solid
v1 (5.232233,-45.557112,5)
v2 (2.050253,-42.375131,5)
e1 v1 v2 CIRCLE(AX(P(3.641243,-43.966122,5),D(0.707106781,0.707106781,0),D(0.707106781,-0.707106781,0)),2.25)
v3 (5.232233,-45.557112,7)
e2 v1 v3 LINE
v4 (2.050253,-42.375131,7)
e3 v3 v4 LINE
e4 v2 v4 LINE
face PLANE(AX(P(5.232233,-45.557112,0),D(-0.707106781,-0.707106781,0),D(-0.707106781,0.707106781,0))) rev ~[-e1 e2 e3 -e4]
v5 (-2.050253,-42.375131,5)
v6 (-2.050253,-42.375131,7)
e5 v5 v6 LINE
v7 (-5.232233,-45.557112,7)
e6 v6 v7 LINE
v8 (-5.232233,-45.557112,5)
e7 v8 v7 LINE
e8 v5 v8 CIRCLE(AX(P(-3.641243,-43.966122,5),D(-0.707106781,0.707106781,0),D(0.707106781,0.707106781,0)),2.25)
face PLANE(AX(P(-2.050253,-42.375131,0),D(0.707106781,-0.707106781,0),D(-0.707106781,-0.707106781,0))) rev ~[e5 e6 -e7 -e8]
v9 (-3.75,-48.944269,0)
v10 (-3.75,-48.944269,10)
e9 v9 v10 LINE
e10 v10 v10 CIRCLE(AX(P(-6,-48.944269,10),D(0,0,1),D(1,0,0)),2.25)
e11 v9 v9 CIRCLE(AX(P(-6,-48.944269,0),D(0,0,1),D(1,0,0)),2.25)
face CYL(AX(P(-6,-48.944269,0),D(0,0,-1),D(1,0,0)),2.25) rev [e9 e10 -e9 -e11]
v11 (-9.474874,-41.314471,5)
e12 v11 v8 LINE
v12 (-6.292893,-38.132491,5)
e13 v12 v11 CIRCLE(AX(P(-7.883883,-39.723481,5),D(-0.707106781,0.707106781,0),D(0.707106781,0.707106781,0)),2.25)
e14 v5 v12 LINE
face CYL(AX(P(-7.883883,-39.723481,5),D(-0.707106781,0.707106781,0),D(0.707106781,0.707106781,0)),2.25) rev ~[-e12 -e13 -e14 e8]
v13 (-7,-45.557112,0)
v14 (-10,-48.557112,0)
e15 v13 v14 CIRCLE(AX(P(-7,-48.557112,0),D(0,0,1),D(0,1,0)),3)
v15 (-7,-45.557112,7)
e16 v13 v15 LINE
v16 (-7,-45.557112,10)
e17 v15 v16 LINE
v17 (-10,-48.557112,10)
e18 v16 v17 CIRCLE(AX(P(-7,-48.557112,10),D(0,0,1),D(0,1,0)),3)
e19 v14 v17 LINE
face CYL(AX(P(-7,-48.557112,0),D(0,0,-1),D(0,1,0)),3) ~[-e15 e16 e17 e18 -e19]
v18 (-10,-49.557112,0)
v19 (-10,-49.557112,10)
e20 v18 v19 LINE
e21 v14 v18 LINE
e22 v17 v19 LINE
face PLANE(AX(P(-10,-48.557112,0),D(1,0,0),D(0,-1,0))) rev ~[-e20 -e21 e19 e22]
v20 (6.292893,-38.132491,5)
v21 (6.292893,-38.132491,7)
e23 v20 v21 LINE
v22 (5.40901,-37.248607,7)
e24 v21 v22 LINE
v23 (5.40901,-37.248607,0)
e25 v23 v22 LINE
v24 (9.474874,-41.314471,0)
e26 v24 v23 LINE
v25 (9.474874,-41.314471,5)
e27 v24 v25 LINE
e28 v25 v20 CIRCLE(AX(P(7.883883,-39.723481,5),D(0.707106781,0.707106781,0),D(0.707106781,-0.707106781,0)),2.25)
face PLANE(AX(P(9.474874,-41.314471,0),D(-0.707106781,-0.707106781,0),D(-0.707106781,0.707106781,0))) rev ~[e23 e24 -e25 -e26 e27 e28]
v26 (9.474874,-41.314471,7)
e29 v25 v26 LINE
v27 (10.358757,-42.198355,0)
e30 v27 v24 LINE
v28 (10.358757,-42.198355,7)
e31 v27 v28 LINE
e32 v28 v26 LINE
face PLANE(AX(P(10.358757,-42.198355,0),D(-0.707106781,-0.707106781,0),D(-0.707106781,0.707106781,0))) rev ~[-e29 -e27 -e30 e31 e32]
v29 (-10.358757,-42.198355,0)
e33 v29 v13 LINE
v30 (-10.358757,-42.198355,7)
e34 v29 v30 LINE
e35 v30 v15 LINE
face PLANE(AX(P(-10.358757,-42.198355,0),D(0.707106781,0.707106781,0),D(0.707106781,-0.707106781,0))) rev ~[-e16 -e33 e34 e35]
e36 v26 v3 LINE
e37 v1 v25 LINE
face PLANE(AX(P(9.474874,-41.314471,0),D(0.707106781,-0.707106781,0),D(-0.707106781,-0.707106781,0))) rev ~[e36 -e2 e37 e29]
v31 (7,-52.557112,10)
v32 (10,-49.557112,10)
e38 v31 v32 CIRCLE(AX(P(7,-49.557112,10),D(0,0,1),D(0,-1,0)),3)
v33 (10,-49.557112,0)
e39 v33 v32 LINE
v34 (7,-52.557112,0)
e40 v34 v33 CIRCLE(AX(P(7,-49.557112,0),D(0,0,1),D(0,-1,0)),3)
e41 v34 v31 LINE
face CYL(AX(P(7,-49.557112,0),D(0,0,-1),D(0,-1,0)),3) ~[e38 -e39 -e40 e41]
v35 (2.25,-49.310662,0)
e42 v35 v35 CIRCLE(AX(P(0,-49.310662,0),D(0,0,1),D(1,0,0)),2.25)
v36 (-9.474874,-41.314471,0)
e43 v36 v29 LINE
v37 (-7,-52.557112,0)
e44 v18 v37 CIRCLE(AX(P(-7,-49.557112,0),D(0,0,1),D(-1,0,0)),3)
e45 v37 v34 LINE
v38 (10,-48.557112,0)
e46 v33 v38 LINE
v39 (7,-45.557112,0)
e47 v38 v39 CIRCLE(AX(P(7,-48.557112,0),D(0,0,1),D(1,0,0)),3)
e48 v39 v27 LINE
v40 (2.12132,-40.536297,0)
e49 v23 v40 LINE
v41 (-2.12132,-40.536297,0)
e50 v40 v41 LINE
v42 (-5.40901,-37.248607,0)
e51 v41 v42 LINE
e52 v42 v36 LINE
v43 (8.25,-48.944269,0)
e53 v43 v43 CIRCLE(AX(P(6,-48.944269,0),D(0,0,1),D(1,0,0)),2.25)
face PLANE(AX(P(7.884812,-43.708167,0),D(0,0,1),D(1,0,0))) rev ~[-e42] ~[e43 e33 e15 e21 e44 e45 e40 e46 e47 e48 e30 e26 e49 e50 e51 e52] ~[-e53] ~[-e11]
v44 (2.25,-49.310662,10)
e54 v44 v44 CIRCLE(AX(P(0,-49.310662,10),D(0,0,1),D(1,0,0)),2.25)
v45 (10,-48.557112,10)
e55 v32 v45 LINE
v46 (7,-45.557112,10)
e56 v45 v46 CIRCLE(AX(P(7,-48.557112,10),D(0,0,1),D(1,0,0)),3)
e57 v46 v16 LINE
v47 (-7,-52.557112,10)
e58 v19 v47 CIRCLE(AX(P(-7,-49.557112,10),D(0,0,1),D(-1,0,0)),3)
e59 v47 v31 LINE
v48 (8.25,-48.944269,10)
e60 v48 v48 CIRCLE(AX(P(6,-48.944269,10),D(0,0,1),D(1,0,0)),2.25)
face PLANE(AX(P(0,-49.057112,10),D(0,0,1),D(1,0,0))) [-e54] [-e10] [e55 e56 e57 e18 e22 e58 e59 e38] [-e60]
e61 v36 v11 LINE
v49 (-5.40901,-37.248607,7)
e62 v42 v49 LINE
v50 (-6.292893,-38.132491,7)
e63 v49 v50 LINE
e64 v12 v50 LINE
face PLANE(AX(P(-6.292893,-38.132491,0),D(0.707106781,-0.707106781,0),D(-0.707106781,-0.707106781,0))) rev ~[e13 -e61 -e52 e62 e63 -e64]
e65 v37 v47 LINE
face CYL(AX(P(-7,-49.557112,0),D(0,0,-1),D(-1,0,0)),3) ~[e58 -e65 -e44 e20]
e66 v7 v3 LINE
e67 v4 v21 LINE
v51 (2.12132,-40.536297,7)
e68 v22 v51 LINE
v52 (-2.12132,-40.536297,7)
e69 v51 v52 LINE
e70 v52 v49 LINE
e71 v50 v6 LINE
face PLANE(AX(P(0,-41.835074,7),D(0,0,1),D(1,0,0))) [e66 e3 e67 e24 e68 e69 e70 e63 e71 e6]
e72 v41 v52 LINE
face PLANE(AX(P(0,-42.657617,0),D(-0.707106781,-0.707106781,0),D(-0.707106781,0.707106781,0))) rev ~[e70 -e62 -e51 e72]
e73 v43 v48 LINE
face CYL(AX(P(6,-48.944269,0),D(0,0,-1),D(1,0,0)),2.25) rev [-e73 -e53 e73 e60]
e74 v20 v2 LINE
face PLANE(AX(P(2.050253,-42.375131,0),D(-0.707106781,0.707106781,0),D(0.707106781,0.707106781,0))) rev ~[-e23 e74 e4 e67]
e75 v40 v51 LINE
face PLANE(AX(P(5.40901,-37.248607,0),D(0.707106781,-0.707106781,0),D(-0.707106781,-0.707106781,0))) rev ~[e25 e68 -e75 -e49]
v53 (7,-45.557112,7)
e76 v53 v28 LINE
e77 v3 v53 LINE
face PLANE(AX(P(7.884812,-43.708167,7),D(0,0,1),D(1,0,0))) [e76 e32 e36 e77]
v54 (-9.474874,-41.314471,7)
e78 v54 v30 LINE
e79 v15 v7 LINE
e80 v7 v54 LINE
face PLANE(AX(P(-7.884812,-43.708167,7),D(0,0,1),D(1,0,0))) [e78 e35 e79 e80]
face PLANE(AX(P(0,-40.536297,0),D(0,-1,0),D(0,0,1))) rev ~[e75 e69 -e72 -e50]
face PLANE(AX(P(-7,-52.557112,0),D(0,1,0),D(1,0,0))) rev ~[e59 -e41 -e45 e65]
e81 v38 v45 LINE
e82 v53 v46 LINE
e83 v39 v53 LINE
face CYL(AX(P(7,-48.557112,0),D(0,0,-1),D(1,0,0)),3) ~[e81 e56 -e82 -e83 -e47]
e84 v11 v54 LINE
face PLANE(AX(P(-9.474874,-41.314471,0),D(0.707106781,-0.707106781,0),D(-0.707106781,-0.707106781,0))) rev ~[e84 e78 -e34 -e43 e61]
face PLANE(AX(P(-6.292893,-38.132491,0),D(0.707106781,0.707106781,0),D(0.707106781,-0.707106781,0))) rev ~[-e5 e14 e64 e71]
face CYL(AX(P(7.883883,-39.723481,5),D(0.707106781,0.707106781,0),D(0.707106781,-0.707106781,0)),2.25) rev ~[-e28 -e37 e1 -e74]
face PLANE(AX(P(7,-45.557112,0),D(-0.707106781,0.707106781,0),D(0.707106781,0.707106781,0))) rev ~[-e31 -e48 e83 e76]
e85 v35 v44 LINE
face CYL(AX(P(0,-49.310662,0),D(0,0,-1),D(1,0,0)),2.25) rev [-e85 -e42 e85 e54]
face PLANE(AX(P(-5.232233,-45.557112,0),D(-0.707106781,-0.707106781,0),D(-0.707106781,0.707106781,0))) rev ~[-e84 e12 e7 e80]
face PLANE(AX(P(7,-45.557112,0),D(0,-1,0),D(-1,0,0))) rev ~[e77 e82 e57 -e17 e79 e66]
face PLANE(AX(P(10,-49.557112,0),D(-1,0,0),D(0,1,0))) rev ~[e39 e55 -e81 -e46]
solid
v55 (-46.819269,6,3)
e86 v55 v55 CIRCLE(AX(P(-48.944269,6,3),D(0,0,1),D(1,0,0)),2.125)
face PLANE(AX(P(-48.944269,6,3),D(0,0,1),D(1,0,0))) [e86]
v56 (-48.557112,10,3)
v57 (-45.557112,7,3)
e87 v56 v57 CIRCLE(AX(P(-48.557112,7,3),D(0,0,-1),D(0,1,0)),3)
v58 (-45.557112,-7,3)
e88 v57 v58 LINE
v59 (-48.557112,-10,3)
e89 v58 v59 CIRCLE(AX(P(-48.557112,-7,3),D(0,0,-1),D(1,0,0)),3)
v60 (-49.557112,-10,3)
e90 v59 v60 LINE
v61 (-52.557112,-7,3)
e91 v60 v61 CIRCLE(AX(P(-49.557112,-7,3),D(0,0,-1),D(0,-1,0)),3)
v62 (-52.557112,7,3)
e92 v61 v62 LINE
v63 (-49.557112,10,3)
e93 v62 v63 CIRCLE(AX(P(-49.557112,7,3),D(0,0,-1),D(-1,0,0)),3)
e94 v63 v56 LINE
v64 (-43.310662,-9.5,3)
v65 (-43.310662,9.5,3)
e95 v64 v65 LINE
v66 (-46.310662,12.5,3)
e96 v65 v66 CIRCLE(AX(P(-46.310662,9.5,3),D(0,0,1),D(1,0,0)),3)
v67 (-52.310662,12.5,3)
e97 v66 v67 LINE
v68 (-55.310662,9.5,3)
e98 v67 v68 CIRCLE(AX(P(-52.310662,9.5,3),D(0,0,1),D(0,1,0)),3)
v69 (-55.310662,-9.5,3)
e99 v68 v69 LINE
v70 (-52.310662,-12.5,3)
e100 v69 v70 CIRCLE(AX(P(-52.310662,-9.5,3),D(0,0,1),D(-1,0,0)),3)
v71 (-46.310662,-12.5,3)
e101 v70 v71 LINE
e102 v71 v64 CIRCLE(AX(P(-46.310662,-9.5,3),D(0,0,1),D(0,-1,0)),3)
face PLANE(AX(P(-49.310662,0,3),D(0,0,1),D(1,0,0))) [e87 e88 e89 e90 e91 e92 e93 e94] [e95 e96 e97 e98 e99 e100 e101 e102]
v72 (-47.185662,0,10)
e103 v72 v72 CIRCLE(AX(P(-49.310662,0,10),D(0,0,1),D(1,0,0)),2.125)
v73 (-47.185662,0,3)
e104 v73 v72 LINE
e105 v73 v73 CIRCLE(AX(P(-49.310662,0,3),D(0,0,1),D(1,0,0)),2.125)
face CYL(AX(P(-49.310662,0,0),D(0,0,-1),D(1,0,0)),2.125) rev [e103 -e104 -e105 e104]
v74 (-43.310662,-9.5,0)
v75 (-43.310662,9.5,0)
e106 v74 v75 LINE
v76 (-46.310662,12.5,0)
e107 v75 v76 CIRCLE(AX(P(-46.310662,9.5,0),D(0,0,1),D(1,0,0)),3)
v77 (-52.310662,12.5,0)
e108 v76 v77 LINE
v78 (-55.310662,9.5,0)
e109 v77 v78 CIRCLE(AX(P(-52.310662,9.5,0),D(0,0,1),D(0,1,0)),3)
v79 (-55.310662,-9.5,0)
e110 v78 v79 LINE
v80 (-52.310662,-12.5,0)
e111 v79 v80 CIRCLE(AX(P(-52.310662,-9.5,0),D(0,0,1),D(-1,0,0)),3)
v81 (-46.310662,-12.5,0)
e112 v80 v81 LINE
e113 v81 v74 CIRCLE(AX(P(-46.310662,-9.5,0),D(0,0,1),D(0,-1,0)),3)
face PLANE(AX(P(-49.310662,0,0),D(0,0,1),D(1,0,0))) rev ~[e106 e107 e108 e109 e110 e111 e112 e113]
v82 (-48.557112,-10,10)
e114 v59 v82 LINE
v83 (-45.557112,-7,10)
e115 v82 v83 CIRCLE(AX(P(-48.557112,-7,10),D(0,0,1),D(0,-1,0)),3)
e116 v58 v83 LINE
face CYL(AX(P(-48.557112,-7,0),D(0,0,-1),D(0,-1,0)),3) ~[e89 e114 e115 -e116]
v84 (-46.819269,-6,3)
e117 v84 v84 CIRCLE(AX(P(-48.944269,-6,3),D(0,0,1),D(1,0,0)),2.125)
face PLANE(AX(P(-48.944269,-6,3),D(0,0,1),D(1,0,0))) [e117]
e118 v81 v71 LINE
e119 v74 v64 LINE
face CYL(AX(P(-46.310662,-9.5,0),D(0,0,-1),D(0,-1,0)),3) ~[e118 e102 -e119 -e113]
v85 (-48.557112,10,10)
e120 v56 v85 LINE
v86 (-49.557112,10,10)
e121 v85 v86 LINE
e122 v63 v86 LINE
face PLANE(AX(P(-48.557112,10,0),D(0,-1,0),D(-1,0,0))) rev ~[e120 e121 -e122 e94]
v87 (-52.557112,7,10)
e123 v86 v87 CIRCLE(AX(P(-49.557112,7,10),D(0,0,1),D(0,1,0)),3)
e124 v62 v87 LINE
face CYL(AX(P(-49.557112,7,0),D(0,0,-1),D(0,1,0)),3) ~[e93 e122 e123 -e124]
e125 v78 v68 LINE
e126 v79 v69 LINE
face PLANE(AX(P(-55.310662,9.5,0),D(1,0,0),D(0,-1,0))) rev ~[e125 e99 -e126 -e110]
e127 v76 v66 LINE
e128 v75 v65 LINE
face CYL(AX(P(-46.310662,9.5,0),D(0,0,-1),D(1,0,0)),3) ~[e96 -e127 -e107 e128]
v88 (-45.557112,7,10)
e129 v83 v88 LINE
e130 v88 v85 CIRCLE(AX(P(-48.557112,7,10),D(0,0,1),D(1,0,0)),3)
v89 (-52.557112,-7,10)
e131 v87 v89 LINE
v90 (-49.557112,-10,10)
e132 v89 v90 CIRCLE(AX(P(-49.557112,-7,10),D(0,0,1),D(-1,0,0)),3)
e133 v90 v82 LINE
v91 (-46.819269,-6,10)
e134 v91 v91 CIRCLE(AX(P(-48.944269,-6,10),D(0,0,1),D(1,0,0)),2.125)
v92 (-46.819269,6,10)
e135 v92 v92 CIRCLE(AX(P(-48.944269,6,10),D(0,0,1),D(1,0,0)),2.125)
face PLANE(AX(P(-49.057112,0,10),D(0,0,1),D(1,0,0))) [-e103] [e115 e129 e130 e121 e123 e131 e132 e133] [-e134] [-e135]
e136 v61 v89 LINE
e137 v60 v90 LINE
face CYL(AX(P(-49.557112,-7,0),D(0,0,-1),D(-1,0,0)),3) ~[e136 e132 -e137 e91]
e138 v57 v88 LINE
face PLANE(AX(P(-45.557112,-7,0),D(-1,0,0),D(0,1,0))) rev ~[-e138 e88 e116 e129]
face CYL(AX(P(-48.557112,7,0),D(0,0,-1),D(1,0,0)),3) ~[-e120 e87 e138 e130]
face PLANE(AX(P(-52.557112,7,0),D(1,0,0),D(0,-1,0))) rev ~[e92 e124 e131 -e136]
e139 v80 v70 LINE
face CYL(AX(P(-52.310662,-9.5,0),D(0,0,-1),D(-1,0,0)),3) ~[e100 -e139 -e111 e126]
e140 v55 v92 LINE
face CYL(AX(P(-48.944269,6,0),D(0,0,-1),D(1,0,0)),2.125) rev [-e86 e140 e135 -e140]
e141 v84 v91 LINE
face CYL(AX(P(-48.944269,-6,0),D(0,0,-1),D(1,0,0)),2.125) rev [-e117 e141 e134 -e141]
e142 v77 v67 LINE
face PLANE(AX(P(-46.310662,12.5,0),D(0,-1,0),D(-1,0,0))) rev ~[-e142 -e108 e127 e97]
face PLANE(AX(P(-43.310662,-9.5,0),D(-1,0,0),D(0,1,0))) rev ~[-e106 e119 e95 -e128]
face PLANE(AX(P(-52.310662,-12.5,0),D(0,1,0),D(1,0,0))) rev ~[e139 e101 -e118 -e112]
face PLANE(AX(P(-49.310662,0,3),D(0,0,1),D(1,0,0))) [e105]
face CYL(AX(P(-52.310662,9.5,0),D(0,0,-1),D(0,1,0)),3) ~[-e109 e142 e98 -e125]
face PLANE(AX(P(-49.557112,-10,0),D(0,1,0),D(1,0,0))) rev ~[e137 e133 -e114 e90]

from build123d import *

# Parameters (mm, degrees)
F0_R      = 2.125
F1_DEPTH  = 10
F2_DEPTH  = 3
F0_R_2    = 2.25
F3_DEPTH  = 10
F4_DEPTH  = 7
F5_DEPTH  = 5
F8_DEPTH  = 6
F10_DEPTH = 6
F11_SIZE  = 3


with BuildPart() as f1:
    # F0 (on Top) → F1 (new body)
    with BuildSketch(Plane.XY):
        with BuildLine():
            Line((-49.5571117928, -10), (-48.5571117928, -10))
            ThreePointArc((-48.5571117928, -10), (-46.4357914492, -9.1213203436), (-45.5571117928, -7))
            Line((-45.5571117928, -7), (-45.5571117928, 7))
            ThreePointArc((-45.5571117928, 7), (-46.4357914492, 9.1213203436), (-48.5571117928, 10))
            Line((-48.5571117928, 10), (-49.5571117928, 10))
            ThreePointArc((-49.5571117928, 10), (-51.6784321364, 9.1213203436), (-52.5571117928, 7))
            Line((-52.5571117928, 7), (-52.5571117928, -7))
            ThreePointArc((-52.5571117928, -7), (-51.6784321364, -9.1213203436), (-49.5571117928, -10))
        make_face()
        with Locations((-48.9442686478, -6)):
            Circle(F0_R, mode=Mode.SUBTRACT)
        with Locations((-49.3106624724, 0)):
            Circle(F0_R, mode=Mode.SUBTRACT)
        with Locations((-48.9442686478, 6)):
            Circle(F0_R, mode=Mode.SUBTRACT)
    extrude(amount=F1_DEPTH)

    # F0 (on Top) → F2 (join)
    with BuildSketch(Plane.XY):
        with BuildLine():
            Line((-46.3106624724, 12.5), (-52.3106624724, 12.5))
            ThreePointArc((-52.3106624724, 12.5), (-54.4319828159, 11.6213203436), (-55.3106624724, 9.5))
            Line((-55.3106624724, 9.5), (-55.3106624724, -9.5))
            ThreePointArc((-55.3106624724, -9.5), (-54.4319828159, -11.6213203436), (-52.3106624724, -12.5))
            Line((-52.3106624724, -12.5), (-46.3106624724, -12.5))
            ThreePointArc((-46.3106624724, -12.5), (-44.1893421288, -11.6213203436), (-43.3106624724, -9.5))
            Line((-43.3106624724, -9.5), (-43.3106624724, 9.5))
            ThreePointArc((-43.3106624724, 9.5), (-44.1893421288, 11.6213203436), (-46.3106624724, 12.5))
        make_face()
        with BuildLine():
            ThreePointArc((-45.5571117928, -7), (-46.4357914492, -9.1213203436), (-48.5571117928, -10))
            Line((-48.5571117928, -10), (-49.5571117928, -10))
            ThreePointArc((-49.5571117928, -10), (-51.6784321364, -9.1213203436), (-52.5571117928, -7))
            Line((-52.5571117928, -7), (-52.5571117928, 7))
            ThreePointArc((-52.5571117928, 7), (-51.6784321364, 9.1213203436), (-49.5571117928, 10))
            Line((-49.5571117928, 10), (-48.5571117928, 10))
            ThreePointArc((-48.5571117928, 10), (-46.4357914492, 9.1213203436), (-45.5571117928, 7))
            Line((-45.5571117928, 7), (-45.5571117928, -7))
        make_face(mode=Mode.SUBTRACT)
        with Locations((-48.9442686478, 6)):
            Circle(F0_R)
        with Locations((-49.3106624724, 0)):
            Circle(F0_R)
        with Locations((-48.9442686478, -6)):
            Circle(F0_R)
    extrude(amount=F2_DEPTH)


with BuildPart() as f3:
    # F0 (on Top) → F3 (new body)
    with BuildSketch(Plane.XY):
        with BuildLine():
            Line((-5.232233047, -45.5571117928), (-7, -45.5571117928))
            ThreePointArc((-7, -45.5571117928), (-9.1213203436, -46.4357914492), (-10, -48.5571117928))
            Line((-10, -48.5571117928), (-10, -49.5571117928))
            ThreePointArc((-10, -49.5571117928), (-9.1213203436, -51.6784321364), (-7, -52.5571117928))
            Line((-7, -52.5571117928), (7, -52.5571117928))
            ThreePointArc((7, -52.5571117928), (9.1213203436, -51.6784321364), (10, -49.5571117928))
            Line((10, -49.5571117928), (10, -48.5571117928))
            ThreePointArc((10, -48.5571117928), (9.1213203436, -46.4357914492), (7, -45.5571117928))
            Line((7, -45.5571117928), (5.232233047, -45.5571117928))
            Line((5.232233047, -45.5571117928), (-2.8994949366, -45.5571117928))
            Line((-2.8994949366, -45.5571117928), (-5.232233047, -45.5571117928))
        make_face()
        with Locations((-6, -48.9442686478)):
            Circle(F0_R_2, mode=Mode.SUBTRACT)
        with Locations((0, -49.3106624724)):
            Circle(F0_R_2, mode=Mode.SUBTRACT)
        with Locations((6, -48.9442686478)):
            Circle(F0_R_2, mode=Mode.SUBTRACT)
    extrude(amount=F3_DEPTH)


with BuildPart() as f4:
    # F0 (on Top) → F4 (new body)
    with BuildSketch(Plane.XY):
        Polygon((-2.0502525317, -42.3751312775), (-5.232233047, -45.5571117928), (-2.8994949366, -45.5571117928), (5.232233047, -45.5571117928), (2.0502525317, -42.3751312775), (6.2928932188, -38.1324905903), (5.4090097423, -37.2486071138), (0, -42.6576168562), (-5.4090097423, -37.2486071138), (-6.2928932188, -38.1324905903), align=None)
    extrude(amount=F4_DEPTH)


with BuildPart() as f4b:
    # F0 (on Top) → F4, piece 2 (new body)
    with BuildSketch(Plane.XY):
        Polygon((9.4748737342, -41.3144711057), (5.232233047, -45.5571117928), (7, -45.5571117928), (10.3587572106, -42.1983545822), align=None)
    extrude(amount=F4_DEPTH)


with BuildPart() as f4c:
    # F0 (on Top) → F4, piece 3 (new body)
    with BuildSketch(Plane.XY):
        Polygon((-10.3587572106, -42.1983545822), (-7, -45.5571117928), (-5.232233047, -45.5571117928), (-9.4748737342, -41.3144711057), align=None)
    extrude(amount=F4_DEPTH)


with BuildPart() as f5:
    # F0 (on Top) → F5 (new body)
    with BuildSketch(Plane.XY):
        Polygon((-9.4748737342, -41.3144711057), (-5.232233047, -45.5571117928), (-2.0502525317, -42.3751312775), (-6.2928932188, -38.1324905903), align=None)
    extrude(amount=F5_DEPTH)


with BuildPart() as f5b:
    # F0 (on Top) → F5, piece 2 (new body)
    with BuildSketch(Plane.XY):
        Polygon((2.0502525317, -42.3751312775), (5.232233047, -45.5571117928), (9.4748737342, -41.3144711057), (6.2928932188, -38.1324905903), align=None)
    extrude(amount=F5_DEPTH)


with BuildPart() as f3_1:
    add(f3.part)

    # F6: union F5, F4, F4c, F5b, F4b
    add(f5.part)
    add(f4.part)
    add(f4c.part)
    add(f5b.part)
    add(f4b.part)

    # F7 (on face) → F8 (cut, through all)
    with BuildSketch(Plane(origin=(-15.9197986858, -15.9197986858, 0), x_dir=(-0.7071067812, 0.7071067812, 0), z_dir=(0.7071067812, 0.7071067812, 0))):
        with BuildLine():
            Line((-31.4134901483, 5), (-35.9134901483, 5))
            ThreePointArc((-35.9134901483, 5), (-33.6634901483, 2.75), (-31.4134901483, 5))
        make_face()
    extrude(amount=-F8_DEPTH, mode=Mode.SUBTRACT)

    # F9 (on face) → F10 (cut, through all)
    with BuildSketch(Plane(origin=(15.9197986858, -15.9197986858, 0), x_dir=(-0.7071067812, -0.7071067812, 0), z_dir=(-0.7071067812, 0.7071067812, 0))):
        with BuildLine():
            Line((35.9134901483, 5), (31.4134901483, 5))
            ThreePointArc((31.4134901483, 5), (33.6634901483, 2.75), (35.9134901483, 5))
        make_face()
    extrude(amount=-F10_DEPTH, mode=Mode.SUBTRACT)

    # F11
    f11_edges = [f3_1.edges().sort_by_distance(p)[0] for p in [
        (0, -42.657617, 3.5),
    ]]
    chamfer(f11_edges, length=F11_SIZE)


solid = Compound([f1.part, f3_1.part])
